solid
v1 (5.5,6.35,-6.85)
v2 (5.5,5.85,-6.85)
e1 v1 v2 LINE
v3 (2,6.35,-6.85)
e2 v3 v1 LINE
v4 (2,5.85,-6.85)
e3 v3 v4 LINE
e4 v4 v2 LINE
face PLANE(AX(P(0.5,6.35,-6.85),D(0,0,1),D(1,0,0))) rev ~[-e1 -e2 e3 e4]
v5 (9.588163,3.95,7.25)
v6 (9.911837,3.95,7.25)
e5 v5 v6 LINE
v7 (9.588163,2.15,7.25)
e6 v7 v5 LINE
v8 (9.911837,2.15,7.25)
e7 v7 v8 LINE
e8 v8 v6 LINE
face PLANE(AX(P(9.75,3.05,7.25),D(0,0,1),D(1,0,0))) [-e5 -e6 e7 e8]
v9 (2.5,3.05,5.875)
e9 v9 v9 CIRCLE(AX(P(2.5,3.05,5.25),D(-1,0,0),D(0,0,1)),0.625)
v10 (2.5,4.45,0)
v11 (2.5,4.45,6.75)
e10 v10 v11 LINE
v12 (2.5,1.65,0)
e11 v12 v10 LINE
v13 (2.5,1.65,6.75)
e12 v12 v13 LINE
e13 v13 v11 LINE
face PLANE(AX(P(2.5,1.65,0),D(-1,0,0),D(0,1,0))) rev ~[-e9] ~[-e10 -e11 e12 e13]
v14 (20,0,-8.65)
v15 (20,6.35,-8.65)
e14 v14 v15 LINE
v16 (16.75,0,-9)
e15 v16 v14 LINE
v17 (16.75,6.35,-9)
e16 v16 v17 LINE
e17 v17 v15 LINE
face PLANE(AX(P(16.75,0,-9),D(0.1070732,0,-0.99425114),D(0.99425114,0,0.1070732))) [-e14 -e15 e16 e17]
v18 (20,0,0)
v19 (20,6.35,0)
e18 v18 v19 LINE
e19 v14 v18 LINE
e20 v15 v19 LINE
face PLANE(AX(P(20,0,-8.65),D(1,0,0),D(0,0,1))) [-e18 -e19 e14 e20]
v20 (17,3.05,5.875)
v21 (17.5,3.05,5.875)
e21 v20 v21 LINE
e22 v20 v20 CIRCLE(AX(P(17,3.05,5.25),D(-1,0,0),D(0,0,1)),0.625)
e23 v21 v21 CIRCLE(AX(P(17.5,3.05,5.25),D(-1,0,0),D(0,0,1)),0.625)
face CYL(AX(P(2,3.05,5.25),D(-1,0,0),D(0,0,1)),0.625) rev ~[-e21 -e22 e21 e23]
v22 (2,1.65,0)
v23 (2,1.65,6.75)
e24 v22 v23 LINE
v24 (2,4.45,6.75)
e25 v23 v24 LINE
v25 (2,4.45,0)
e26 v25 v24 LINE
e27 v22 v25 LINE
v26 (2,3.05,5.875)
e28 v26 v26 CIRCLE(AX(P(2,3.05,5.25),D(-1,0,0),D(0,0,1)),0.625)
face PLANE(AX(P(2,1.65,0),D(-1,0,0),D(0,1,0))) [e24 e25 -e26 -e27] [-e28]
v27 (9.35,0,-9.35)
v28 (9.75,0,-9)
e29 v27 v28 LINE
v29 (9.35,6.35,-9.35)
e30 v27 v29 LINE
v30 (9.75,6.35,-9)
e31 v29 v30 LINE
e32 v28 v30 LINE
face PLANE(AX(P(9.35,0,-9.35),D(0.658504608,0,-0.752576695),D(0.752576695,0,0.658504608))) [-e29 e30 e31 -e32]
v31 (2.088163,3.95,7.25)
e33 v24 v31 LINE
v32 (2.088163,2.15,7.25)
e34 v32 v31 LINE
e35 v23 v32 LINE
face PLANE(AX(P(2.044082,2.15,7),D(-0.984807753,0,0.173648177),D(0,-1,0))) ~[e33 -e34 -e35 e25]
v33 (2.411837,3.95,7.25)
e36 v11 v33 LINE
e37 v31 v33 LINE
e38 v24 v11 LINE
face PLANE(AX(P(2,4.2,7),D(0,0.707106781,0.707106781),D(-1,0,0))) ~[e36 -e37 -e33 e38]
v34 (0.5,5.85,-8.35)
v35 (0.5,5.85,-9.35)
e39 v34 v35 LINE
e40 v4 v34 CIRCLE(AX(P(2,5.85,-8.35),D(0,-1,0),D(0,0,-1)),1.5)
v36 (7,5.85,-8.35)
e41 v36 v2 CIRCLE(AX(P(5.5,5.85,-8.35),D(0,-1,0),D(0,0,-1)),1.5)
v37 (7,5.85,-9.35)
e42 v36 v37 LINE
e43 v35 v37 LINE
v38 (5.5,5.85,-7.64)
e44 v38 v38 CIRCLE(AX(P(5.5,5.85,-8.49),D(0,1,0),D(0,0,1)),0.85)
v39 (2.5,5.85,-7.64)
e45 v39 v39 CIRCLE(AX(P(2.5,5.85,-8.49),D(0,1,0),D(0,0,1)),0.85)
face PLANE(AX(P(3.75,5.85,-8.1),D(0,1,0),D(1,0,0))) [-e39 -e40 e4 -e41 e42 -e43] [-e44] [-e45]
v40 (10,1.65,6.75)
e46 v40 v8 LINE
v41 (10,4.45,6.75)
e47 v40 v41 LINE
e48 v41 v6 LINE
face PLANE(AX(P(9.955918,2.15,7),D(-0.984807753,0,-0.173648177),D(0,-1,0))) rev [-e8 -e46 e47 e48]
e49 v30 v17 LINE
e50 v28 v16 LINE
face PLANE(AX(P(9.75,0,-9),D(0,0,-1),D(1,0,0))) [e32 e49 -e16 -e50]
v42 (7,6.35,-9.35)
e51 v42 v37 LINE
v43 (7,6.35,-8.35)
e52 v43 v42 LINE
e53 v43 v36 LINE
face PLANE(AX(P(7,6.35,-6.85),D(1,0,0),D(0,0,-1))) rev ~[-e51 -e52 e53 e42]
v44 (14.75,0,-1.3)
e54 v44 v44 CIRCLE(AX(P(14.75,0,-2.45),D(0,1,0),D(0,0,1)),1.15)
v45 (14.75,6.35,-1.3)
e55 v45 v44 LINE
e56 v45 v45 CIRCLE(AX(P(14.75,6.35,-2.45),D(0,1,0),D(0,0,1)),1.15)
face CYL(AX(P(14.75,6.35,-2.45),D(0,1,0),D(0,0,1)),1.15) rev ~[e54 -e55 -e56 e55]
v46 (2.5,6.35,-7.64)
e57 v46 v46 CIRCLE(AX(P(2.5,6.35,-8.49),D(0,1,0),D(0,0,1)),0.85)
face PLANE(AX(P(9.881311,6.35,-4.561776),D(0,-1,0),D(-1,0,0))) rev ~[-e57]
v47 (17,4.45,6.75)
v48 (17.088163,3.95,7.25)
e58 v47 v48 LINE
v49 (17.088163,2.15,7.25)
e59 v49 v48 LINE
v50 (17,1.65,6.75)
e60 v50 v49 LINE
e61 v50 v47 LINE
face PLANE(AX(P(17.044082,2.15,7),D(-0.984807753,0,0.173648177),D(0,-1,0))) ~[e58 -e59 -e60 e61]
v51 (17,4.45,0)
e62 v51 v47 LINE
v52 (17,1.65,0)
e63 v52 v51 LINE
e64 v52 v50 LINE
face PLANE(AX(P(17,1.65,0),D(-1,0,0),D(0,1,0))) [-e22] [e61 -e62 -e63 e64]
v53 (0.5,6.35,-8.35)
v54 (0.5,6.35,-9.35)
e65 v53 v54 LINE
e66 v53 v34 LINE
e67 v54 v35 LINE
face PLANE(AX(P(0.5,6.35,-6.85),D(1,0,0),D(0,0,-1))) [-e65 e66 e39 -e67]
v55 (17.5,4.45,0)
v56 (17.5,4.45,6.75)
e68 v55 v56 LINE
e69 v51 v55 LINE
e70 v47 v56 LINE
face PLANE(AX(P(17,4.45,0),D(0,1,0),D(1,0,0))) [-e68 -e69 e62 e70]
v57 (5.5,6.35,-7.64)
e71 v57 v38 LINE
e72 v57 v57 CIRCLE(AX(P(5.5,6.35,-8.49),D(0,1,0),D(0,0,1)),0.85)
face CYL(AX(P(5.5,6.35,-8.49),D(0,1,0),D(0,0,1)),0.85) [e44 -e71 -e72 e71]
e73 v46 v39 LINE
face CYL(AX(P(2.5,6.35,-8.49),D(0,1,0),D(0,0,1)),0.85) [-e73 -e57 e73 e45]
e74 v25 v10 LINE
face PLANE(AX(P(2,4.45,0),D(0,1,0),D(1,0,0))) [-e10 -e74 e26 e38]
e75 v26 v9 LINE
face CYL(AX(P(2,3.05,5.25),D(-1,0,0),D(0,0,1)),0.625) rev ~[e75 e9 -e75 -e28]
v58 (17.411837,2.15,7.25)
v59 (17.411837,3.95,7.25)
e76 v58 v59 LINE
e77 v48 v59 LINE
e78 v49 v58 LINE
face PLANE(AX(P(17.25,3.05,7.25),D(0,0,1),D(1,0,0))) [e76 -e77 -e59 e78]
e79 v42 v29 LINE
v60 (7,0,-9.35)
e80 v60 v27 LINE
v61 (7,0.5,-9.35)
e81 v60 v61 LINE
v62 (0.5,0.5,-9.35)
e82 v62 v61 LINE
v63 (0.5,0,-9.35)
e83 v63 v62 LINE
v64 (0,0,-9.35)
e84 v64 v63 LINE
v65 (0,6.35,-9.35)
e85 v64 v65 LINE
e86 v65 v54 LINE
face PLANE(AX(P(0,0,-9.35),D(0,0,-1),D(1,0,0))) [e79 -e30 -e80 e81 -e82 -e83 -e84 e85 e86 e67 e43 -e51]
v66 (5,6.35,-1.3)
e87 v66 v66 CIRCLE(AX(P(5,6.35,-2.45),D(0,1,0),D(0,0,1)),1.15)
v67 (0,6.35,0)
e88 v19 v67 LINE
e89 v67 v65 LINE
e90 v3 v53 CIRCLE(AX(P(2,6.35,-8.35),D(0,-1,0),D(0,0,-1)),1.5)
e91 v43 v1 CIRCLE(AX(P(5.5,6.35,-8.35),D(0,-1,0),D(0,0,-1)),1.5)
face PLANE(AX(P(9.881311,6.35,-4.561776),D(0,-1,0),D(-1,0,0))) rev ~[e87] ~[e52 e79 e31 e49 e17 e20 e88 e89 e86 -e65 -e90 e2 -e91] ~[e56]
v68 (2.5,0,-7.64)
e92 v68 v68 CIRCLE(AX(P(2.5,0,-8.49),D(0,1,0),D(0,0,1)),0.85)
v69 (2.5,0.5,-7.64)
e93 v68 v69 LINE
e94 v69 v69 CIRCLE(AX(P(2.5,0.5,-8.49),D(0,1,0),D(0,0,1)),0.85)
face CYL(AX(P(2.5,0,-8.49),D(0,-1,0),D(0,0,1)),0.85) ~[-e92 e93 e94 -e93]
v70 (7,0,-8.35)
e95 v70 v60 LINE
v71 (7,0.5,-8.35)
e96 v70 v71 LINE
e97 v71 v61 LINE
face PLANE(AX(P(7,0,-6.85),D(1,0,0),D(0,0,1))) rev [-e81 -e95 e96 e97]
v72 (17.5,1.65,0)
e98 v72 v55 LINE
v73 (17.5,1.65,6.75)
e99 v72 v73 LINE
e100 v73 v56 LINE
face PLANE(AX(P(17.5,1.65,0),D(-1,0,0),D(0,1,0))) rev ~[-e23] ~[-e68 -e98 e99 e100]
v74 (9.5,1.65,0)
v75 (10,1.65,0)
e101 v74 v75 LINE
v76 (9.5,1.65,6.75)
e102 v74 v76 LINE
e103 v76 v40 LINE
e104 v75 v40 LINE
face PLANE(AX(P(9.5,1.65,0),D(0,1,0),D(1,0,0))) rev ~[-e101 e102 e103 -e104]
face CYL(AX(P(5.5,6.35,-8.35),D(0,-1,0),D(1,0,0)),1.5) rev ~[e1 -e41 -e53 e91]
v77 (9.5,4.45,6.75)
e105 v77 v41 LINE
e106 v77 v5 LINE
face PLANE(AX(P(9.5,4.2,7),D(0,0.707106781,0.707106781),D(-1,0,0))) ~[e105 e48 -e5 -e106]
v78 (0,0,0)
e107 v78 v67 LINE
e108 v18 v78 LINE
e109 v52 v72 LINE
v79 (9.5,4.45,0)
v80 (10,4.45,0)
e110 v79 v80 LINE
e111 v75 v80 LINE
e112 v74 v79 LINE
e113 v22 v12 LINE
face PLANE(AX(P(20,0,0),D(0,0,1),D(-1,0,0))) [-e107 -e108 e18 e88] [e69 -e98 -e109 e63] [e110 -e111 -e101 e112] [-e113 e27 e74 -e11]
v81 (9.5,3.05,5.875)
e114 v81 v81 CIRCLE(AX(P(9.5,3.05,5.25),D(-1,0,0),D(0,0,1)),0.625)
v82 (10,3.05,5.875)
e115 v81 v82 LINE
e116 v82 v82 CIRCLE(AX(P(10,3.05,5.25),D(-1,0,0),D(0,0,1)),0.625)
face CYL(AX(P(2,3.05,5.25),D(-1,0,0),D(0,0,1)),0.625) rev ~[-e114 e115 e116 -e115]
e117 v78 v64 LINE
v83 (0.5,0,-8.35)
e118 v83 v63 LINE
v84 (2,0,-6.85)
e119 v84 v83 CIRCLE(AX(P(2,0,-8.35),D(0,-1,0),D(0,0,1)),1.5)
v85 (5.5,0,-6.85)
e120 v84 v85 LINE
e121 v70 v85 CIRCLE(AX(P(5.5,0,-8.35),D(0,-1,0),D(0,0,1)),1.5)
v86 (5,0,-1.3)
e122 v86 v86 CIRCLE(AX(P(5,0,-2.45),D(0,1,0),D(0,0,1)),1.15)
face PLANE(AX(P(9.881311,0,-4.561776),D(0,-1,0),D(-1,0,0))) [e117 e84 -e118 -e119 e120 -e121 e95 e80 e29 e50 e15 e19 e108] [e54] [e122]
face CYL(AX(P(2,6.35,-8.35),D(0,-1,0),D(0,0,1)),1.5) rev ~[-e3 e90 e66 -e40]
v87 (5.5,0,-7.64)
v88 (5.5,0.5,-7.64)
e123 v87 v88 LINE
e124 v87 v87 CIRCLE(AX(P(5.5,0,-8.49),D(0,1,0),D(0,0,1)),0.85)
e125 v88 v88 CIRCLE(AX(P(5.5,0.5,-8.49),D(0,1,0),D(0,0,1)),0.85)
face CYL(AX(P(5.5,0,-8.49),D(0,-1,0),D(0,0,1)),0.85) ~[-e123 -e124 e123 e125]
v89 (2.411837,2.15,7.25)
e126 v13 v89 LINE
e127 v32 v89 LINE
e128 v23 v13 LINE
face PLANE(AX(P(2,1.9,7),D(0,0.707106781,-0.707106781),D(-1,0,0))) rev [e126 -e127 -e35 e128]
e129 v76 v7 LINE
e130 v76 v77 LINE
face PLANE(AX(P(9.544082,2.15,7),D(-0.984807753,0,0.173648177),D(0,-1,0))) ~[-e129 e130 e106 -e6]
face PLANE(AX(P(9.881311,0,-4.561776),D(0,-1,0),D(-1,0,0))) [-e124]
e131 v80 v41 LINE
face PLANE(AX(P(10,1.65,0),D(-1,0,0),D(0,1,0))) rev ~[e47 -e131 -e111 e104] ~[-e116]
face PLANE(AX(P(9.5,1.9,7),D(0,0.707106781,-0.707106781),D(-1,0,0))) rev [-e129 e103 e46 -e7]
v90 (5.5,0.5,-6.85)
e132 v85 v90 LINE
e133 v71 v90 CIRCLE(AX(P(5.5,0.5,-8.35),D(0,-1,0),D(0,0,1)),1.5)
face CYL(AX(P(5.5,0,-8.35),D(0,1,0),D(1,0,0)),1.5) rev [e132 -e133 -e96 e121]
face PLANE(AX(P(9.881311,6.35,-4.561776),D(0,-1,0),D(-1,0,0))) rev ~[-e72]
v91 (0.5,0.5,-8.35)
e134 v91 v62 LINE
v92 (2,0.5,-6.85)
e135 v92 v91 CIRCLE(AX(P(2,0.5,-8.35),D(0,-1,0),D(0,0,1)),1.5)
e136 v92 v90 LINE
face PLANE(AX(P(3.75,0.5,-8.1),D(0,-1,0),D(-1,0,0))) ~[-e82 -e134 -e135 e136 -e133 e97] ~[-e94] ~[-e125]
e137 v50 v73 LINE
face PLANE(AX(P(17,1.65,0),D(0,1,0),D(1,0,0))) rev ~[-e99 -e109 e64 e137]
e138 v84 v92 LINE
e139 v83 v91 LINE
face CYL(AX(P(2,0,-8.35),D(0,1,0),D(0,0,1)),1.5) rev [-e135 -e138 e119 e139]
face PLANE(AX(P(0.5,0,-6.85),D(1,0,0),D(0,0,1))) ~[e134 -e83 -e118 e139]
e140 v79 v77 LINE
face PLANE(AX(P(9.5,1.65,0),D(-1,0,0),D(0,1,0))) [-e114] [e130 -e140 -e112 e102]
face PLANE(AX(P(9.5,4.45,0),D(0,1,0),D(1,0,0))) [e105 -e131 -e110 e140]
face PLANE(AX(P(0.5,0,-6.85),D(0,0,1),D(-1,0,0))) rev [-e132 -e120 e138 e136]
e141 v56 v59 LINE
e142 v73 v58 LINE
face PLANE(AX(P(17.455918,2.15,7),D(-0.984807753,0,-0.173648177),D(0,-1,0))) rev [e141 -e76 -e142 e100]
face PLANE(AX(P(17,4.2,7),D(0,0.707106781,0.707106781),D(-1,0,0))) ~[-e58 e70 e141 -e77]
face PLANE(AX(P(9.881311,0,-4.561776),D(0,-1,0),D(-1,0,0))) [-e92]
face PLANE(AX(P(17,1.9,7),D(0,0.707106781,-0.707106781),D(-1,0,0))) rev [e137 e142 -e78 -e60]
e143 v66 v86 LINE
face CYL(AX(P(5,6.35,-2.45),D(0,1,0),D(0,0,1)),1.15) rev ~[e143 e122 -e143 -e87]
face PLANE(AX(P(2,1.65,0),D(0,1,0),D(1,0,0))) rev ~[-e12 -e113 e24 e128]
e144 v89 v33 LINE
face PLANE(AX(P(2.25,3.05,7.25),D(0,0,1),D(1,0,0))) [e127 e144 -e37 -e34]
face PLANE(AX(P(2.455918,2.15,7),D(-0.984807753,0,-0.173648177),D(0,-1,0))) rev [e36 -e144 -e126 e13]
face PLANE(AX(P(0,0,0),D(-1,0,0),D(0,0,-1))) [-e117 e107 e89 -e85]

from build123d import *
from OCP.BRepFilletAPI import BRepFilletAPI_MakeChamfer

# Parameters (mm, degrees)
BOSS_EXTRUDE1_DEPTH = 6.35
SKETCH2_R           = 1.15
CUT_EXTRUDE1_DEPTH  = 6.35
SKETCH3_W           = 0.5
SKETCH3_H           = 2.8
BOSS_EXTRUDE2_DEPTH = 7.25
SKETCH4_R           = 0.625
CUT_EXTRUDE2_DEPTH  = 16.25
CHAMFER1_SIZE       = 0.5
CHAMFER2_SIZE       = 0.5
CHAMFER2_SIZE2      = 0.08816349
SKETCH5_W           = 6.5
SKETCH5_H           = 2.5
SKETCH5_R           = 0.85
CUT_EXTRUDE4_DEPTH  = 0.5
FILLET1_R           = 1.5


with BuildPart() as part:
    # Sketch1 → Boss-Extrude1 (new body)
    with BuildSketch(Plane(origin=(0, 0, 0), x_dir=(1, 0, 0), z_dir=(0, 1, 0))):
        Polygon((9.35, 9.35), (9.75, 9), (16.75, 9), (20, 8.65), (20, 0), (0, 0), (0, 9.35), align=None)
    extrude(amount=BOSS_EXTRUDE1_DEPTH)

    # Sketch2 → Cut-Extrude1 (cut)
    with BuildSketch(Plane(origin=(0, 6.35, 0), x_dir=(1, 0, 0), z_dir=(0, 1, 0))):
        with Locations(Location((14.75, 2.45, 0), (0, 0, 270))):
            Circle(SKETCH2_R)
        with Locations(Location((5, 2.45, 0), (0, 0, 270))):
            Circle(SKETCH2_R)
    extrude(amount=-CUT_EXTRUDE1_DEPTH, mode=Mode.SUBTRACT)

    # Sketch3 → Boss-Extrude2 (add)
    with BuildSketch(Plane.XY):
        with Locations((2.25, 3.05)):
            Rectangle(SKETCH3_W, SKETCH3_H)
        with Locations((9.75, 3.05)):
            Rectangle(SKETCH3_W, SKETCH3_H)
        with Locations((17.25, 3.05)):
            Rectangle(SKETCH3_W, SKETCH3_H)
    extrude(amount=BOSS_EXTRUDE2_DEPTH)

    # Sketch4 → Cut-Extrude2 (cut)
    with BuildSketch(Plane.ZY.offset(-2)):
        with Locations((5.25, 3.05)):
            Circle(SKETCH4_R)
    extrude(amount=-CUT_EXTRUDE2_DEPTH, mode=Mode.SUBTRACT)

    # Chamfer1
    chamfer1_edges = [part.edges().sort_by_distance(p)[0] for p in [
        (2.25, 4.45, 7.25),
        (2.25, 1.65, 7.25),
        (9.75, 1.65, 7.25),
        (9.75, 4.45, 7.25),
        (17.25, 1.65, 7.25),
        (17.25, 4.45, 7.25),
    ]]
    chamfer(chamfer1_edges, length=CHAMFER1_SIZE)

    # Chamfer2: one chamfer whose edges measure the first distance from different faces: ONE call of the kernel's chamfer builder (chamfer() names one face for all edges)
    chamfer2_edges_1 = [part.edges().sort_by_distance(p)[0] for p in [
        (2.5, 3.05, 7.25),
    ]]
    chamfer2_side_1 = [part.faces().sort_by_distance(p)[0] for p in [
        (2.5, 3.05, 3.473122701),
    ]]
    chamfer2_edges_2 = [part.edges().sort_by_distance(p)[0] for p in [
        (2, 3.05, 7.25),
    ]]
    chamfer2_side_2 = [part.faces().sort_by_distance(p)[0] for p in [
        (2, 3.05, 3.473122701),
    ]]
    chamfer2_edges_3 = [part.edges().sort_by_distance(p)[0] for p in [
        (9.5, 3.05, 7.25),
    ]]
    chamfer2_side_3 = [part.faces().sort_by_distance(p)[0] for p in [
        (9.5, 3.05, 3.473122701),
    ]]
    chamfer2_edges_4 = [part.edges().sort_by_distance(p)[0] for p in [
        (10, 3.05, 7.25),
    ]]
    chamfer2_side_4 = [part.faces().sort_by_distance(p)[0] for p in [
        (10, 3.05, 3.473122701),
    ]]
    chamfer2_edges_5 = [part.edges().sort_by_distance(p)[0] for p in [
        (17, 3.05, 7.25),
    ]]
    chamfer2_side_5 = [part.faces().sort_by_distance(p)[0] for p in [
        (17, 3.05, 3.473122701),
    ]]
    chamfer2_edges_6 = [part.edges().sort_by_distance(p)[0] for p in [
        (17.5, 3.05, 7.25),
    ]]
    chamfer2_side_6 = [part.faces().sort_by_distance(p)[0] for p in [
        (17.5, 3.05, 3.473122701),
    ]]
    chamfer2 = BRepFilletAPI_MakeChamfer(part.part.solid().wrapped)
    for e in chamfer2_edges_1:
        chamfer2.Add(CHAMFER2_SIZE, CHAMFER2_SIZE2, e.wrapped, chamfer2_side_1[0].wrapped)  # the first distance lies on this face
    for e in chamfer2_edges_2:
        chamfer2.Add(CHAMFER2_SIZE, CHAMFER2_SIZE2, e.wrapped, chamfer2_side_2[0].wrapped)  # the first distance lies on this face
    for e in chamfer2_edges_3:
        chamfer2.Add(CHAMFER2_SIZE, CHAMFER2_SIZE2, e.wrapped, chamfer2_side_3[0].wrapped)  # the first distance lies on this face
    for e in chamfer2_edges_4:
        chamfer2.Add(CHAMFER2_SIZE, CHAMFER2_SIZE2, e.wrapped, chamfer2_side_4[0].wrapped)  # the first distance lies on this face
    for e in chamfer2_edges_5:
        chamfer2.Add(CHAMFER2_SIZE, CHAMFER2_SIZE2, e.wrapped, chamfer2_side_5[0].wrapped)  # the first distance lies on this face
    for e in chamfer2_edges_6:
        chamfer2.Add(CHAMFER2_SIZE, CHAMFER2_SIZE2, e.wrapped, chamfer2_side_6[0].wrapped)  # the first distance lies on this face
    add(Compound.cast(chamfer2.Shape()), mode=Mode.REPLACE)

    # Sketch5 → Cut-Extrude4 (cut)
    with BuildSketch(Plane(origin=(0, 6.35, 0), x_dir=(1, 0, 0), z_dir=(0, 1, 0))):
        with Locations((3.75, 8.1)):
            Rectangle(SKETCH5_W, SKETCH5_H)
        with Locations(Location((2.5, 8.49, 0), (0, 0, 270))):
            Circle(SKETCH5_R, mode=Mode.SUBTRACT)
        with Locations(Location((5.5, 8.49, 0), (0, 0, 270))):
            Circle(SKETCH5_R, mode=Mode.SUBTRACT)
    cut_extrude4 = extrude(amount=-CUT_EXTRUDE4_DEPTH, mode=Mode.SUBTRACT)

    # Mirror1: Cut-Extrude4 across plane
    add(cut_extrude4.mirror(Plane(origin=(0, 3.175, 0), x_dir=(0, 0, 1), z_dir=(0, -1, 0))), mode=Mode.SUBTRACT)

    # Fillet1
    fillet1_edges = [part.edges().sort_by_distance(p)[0] for p in [
        (0.5, 6.1, -6.85),
        (7, 6.1, -6.85),
        (0.5, 0.25, -6.85),
        (7, 0.25, -6.85),
    ]]
    fillet(fillet1_edges, radius=FILLET1_R)


solid = part.part
